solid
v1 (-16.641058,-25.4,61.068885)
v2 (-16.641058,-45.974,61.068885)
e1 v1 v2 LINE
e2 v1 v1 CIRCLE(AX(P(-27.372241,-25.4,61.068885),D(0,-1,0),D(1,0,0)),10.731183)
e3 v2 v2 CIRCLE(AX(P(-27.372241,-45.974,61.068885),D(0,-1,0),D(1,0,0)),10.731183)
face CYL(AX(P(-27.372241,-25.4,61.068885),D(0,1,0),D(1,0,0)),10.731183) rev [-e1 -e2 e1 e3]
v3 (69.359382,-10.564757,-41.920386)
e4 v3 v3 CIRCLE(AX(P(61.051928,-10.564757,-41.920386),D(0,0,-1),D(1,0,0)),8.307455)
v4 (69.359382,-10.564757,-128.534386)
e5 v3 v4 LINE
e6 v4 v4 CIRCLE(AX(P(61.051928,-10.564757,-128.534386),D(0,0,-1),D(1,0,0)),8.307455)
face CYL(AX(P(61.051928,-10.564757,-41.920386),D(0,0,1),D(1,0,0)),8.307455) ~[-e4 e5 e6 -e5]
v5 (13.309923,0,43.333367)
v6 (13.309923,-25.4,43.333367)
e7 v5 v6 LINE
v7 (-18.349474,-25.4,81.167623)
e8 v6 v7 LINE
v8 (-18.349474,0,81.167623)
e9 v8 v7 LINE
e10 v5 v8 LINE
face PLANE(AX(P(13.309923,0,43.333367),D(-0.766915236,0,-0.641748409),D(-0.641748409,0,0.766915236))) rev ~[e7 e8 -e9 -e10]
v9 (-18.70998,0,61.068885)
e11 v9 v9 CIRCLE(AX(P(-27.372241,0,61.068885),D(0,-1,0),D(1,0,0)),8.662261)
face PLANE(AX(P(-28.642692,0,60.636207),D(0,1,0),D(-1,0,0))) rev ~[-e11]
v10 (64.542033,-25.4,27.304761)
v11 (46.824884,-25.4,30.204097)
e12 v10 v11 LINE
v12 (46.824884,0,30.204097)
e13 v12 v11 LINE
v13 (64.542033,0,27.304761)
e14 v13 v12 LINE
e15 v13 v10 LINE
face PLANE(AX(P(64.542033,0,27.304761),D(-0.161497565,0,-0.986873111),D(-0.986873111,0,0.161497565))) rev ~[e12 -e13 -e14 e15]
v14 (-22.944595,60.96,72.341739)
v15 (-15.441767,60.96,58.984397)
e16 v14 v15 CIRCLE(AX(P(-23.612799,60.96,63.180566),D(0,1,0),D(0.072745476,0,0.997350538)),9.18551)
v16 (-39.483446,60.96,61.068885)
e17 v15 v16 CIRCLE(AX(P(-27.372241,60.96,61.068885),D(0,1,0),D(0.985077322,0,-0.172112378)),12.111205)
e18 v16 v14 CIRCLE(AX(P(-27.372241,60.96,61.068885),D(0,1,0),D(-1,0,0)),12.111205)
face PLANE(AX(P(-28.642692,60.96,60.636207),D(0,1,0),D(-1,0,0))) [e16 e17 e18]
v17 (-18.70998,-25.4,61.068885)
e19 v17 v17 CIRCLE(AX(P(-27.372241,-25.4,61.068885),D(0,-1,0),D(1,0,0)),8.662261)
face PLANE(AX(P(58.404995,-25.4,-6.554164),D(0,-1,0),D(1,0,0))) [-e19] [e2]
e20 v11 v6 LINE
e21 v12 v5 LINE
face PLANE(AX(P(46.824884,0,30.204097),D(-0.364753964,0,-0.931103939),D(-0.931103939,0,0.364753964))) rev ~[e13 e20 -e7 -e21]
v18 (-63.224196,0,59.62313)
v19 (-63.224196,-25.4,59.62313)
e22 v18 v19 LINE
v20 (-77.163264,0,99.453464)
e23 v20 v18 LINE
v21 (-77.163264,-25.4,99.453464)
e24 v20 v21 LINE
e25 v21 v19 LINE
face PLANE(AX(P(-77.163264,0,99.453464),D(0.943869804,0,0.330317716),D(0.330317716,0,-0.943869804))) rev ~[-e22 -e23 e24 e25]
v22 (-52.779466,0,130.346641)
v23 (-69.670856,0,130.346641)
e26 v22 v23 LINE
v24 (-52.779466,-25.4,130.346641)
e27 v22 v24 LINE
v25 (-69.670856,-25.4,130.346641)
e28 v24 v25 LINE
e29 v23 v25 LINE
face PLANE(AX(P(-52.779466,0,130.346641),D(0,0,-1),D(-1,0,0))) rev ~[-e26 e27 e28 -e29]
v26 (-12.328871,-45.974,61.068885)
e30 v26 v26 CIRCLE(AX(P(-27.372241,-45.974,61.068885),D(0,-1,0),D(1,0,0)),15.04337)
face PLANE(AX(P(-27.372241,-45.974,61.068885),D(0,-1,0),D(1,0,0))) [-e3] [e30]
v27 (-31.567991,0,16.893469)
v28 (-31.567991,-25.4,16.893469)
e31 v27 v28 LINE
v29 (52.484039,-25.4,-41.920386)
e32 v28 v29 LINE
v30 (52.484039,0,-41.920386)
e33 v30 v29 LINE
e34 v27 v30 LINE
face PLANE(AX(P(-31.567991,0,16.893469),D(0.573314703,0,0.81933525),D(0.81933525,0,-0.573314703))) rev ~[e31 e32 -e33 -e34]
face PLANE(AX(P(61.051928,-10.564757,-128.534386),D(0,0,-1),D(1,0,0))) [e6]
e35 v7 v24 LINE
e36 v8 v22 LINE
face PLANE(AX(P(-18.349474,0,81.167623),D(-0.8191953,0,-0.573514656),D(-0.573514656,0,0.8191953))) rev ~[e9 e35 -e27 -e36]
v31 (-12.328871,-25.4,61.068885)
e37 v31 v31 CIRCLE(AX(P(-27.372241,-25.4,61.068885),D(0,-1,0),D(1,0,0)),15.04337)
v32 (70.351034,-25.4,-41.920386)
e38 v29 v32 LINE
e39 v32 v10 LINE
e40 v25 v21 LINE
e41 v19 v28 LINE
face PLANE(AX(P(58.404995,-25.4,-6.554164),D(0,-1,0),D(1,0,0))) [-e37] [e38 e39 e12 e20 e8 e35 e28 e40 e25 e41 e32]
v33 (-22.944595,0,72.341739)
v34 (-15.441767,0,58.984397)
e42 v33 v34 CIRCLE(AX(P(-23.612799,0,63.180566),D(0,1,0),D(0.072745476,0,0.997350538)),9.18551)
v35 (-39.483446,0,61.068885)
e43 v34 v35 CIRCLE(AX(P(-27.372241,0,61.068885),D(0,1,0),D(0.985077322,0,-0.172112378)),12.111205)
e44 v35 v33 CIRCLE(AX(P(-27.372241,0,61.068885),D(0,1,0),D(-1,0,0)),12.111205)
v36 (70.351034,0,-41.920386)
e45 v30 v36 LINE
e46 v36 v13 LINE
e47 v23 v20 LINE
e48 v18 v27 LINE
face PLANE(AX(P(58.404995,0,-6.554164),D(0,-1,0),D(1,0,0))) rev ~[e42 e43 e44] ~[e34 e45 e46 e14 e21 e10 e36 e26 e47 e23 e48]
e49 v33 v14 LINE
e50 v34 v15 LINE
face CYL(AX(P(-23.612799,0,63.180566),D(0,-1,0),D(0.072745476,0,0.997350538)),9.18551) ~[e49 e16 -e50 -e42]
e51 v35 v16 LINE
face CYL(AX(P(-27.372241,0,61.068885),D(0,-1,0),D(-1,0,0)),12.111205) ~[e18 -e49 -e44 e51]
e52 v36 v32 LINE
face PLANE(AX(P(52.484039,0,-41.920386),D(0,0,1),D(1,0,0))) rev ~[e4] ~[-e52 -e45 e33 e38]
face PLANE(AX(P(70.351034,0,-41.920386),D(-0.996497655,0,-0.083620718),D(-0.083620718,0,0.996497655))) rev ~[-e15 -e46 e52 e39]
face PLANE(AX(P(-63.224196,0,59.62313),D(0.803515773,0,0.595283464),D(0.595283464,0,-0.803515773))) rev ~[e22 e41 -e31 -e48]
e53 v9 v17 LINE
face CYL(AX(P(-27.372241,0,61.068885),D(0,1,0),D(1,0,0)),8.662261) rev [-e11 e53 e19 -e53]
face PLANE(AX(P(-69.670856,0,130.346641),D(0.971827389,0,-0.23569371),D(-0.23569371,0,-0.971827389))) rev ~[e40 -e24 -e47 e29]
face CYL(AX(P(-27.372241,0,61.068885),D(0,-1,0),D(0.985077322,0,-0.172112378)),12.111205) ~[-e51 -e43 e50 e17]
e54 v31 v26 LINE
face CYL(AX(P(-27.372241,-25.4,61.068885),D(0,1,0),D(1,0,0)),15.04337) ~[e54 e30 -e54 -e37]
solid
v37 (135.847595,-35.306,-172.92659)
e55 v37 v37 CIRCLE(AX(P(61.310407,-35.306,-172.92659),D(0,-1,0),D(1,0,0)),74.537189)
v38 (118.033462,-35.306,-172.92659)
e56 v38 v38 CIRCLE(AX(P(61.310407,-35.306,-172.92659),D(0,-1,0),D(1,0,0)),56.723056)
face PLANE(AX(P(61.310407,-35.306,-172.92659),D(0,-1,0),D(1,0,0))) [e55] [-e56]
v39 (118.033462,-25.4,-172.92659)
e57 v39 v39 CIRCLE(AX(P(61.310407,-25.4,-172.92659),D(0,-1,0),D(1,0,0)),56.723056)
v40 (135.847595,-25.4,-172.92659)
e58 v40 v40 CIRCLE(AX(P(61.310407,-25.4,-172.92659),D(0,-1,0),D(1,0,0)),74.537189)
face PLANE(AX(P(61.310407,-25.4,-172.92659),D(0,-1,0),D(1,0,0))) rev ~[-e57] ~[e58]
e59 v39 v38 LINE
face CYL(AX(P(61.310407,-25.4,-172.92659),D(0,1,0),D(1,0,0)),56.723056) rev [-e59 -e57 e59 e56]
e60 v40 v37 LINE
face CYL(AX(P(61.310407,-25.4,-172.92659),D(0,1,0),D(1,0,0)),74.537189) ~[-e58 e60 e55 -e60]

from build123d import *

# Parameters (mm, degrees)
F0_R     = 8.6622611631
F1_DEPTH = 25.4
F3_DEPTH = 60.96
F4_R     = 15.0433700518
F4_R_2   = 10.7311832287
F5_DEPTH = 20.574
F6_R     = 8.3074549113
F7_DEPTH = 86.614
F8_R     = 74.5371885504
F8_R_2   = 56.7230556975
F9_DEPTH = 9.906


with BuildPart() as f1:
    # F0 (on Front) → F1 (new body)
    with BuildSketch(Plane.XZ):
        Polygon((64.5420327783, 27.3047611117), (46.8248836696, 30.204096809), (52.4840392172, -41.9203862548), (70.3510344028, -41.9203862548), align=None)
        Polygon((52.4840392172, -41.9203862548), (46.8248836696, 30.204096809), (13.3099230006, 43.3333665133), (-18.349474296, 81.1676234007), (-52.7794659138, 130.3466409445), (-69.670855999, 130.3466409445), (-77.1632641554, 99.4534641504), (-63.224196434, 59.6231296659), (-31.5679907799, 16.8934687972), align=None)
        with Locations((-27.3722410202, 61.0688850284)):
            Circle(F0_R, mode=Mode.SUBTRACT)
    extrude(amount=F1_DEPTH)

    # F2 (on face) → F3 (join)
    with BuildSketch(Plane(origin=(0, 0, 0), x_dir=(-1, 0, 0), z_dir=(0, 1, 0))):
        with BuildLine():
            ThreePointArc((15.4417673277, 58.984396686), (28.418395355, 49.0029472163), (39.483446335, 61.0688850284))
            ThreePointArc((39.483446335, 61.0688850284), (34.1934272036, 71.0765177768), (22.9445948127, 72.3417392915))
            ThreePointArc((22.9445948127, 72.3417392915), (29.8672294993, 69.9078012829), (32.7983092404, 63.180565834))
            ThreePointArc((32.7983092404, 63.180565834), (25.7713288184, 54.2522767667), (15.4417673277, 58.984396686))
        make_face()
        with BuildLine():
            ThreePointArc((32.7983092404, 63.180565834), (29.8672294993, 69.9078012829), (22.9445948127, 72.3417392915))
            ThreePointArc((22.9445948127, 72.3417392915), (16.8128058063, 67.0001262257), (15.4417673277, 58.984396686))
            ThreePointArc((15.4417673277, 58.984396686), (25.7713288184, 54.2522767667), (32.7983092404, 63.180565834))
        make_face()
        with BuildLine():
            ThreePointArc((15.4417673277, 58.984396686), (16.8128058063, 67.0001262257), (22.9445948127, 72.3417392915))
            ThreePointArc((22.9445948127, 72.3417392915), (15.6041991141, 67.6790013416), (15.4417673277, 58.984396686))
        make_face()
    extrude(amount=F3_DEPTH)

    # F4 (on face) → F5 (join)
    with BuildSketch(Plane.XZ.offset(25.4)):
        with Locations((-27.3722410202, 61.0688850284)):
            Circle(F4_R)
        with Locations((-27.3722410202, 61.0688850284)):
            Circle(F4_R_2, mode=Mode.SUBTRACT)
    extrude(amount=F5_DEPTH)

    # F6 (on face) → F7 (join)
    with BuildSketch(Plane(origin=(0, 0, -41.9203862548), x_dir=(1, 0, 0), z_dir=(0, 0, -1))):
        with Locations((61.0519275069, 10.5647565797)):
            Circle(F6_R)
    extrude(amount=F7_DEPTH)


with BuildPart() as f9:
    # F8 (on face) → F9 (new body)
    with BuildSketch(Plane.XZ.offset(25.4)):
        with Locations((61.3104067743, -172.9265898466)):
            Circle(F8_R)
        with Locations((61.3104067743, -172.9265898466)):
            Circle(F8_R_2, mode=Mode.SUBTRACT)
    extrude(amount=F9_DEPTH)


solid = Compound([f1.part, f9.part])
